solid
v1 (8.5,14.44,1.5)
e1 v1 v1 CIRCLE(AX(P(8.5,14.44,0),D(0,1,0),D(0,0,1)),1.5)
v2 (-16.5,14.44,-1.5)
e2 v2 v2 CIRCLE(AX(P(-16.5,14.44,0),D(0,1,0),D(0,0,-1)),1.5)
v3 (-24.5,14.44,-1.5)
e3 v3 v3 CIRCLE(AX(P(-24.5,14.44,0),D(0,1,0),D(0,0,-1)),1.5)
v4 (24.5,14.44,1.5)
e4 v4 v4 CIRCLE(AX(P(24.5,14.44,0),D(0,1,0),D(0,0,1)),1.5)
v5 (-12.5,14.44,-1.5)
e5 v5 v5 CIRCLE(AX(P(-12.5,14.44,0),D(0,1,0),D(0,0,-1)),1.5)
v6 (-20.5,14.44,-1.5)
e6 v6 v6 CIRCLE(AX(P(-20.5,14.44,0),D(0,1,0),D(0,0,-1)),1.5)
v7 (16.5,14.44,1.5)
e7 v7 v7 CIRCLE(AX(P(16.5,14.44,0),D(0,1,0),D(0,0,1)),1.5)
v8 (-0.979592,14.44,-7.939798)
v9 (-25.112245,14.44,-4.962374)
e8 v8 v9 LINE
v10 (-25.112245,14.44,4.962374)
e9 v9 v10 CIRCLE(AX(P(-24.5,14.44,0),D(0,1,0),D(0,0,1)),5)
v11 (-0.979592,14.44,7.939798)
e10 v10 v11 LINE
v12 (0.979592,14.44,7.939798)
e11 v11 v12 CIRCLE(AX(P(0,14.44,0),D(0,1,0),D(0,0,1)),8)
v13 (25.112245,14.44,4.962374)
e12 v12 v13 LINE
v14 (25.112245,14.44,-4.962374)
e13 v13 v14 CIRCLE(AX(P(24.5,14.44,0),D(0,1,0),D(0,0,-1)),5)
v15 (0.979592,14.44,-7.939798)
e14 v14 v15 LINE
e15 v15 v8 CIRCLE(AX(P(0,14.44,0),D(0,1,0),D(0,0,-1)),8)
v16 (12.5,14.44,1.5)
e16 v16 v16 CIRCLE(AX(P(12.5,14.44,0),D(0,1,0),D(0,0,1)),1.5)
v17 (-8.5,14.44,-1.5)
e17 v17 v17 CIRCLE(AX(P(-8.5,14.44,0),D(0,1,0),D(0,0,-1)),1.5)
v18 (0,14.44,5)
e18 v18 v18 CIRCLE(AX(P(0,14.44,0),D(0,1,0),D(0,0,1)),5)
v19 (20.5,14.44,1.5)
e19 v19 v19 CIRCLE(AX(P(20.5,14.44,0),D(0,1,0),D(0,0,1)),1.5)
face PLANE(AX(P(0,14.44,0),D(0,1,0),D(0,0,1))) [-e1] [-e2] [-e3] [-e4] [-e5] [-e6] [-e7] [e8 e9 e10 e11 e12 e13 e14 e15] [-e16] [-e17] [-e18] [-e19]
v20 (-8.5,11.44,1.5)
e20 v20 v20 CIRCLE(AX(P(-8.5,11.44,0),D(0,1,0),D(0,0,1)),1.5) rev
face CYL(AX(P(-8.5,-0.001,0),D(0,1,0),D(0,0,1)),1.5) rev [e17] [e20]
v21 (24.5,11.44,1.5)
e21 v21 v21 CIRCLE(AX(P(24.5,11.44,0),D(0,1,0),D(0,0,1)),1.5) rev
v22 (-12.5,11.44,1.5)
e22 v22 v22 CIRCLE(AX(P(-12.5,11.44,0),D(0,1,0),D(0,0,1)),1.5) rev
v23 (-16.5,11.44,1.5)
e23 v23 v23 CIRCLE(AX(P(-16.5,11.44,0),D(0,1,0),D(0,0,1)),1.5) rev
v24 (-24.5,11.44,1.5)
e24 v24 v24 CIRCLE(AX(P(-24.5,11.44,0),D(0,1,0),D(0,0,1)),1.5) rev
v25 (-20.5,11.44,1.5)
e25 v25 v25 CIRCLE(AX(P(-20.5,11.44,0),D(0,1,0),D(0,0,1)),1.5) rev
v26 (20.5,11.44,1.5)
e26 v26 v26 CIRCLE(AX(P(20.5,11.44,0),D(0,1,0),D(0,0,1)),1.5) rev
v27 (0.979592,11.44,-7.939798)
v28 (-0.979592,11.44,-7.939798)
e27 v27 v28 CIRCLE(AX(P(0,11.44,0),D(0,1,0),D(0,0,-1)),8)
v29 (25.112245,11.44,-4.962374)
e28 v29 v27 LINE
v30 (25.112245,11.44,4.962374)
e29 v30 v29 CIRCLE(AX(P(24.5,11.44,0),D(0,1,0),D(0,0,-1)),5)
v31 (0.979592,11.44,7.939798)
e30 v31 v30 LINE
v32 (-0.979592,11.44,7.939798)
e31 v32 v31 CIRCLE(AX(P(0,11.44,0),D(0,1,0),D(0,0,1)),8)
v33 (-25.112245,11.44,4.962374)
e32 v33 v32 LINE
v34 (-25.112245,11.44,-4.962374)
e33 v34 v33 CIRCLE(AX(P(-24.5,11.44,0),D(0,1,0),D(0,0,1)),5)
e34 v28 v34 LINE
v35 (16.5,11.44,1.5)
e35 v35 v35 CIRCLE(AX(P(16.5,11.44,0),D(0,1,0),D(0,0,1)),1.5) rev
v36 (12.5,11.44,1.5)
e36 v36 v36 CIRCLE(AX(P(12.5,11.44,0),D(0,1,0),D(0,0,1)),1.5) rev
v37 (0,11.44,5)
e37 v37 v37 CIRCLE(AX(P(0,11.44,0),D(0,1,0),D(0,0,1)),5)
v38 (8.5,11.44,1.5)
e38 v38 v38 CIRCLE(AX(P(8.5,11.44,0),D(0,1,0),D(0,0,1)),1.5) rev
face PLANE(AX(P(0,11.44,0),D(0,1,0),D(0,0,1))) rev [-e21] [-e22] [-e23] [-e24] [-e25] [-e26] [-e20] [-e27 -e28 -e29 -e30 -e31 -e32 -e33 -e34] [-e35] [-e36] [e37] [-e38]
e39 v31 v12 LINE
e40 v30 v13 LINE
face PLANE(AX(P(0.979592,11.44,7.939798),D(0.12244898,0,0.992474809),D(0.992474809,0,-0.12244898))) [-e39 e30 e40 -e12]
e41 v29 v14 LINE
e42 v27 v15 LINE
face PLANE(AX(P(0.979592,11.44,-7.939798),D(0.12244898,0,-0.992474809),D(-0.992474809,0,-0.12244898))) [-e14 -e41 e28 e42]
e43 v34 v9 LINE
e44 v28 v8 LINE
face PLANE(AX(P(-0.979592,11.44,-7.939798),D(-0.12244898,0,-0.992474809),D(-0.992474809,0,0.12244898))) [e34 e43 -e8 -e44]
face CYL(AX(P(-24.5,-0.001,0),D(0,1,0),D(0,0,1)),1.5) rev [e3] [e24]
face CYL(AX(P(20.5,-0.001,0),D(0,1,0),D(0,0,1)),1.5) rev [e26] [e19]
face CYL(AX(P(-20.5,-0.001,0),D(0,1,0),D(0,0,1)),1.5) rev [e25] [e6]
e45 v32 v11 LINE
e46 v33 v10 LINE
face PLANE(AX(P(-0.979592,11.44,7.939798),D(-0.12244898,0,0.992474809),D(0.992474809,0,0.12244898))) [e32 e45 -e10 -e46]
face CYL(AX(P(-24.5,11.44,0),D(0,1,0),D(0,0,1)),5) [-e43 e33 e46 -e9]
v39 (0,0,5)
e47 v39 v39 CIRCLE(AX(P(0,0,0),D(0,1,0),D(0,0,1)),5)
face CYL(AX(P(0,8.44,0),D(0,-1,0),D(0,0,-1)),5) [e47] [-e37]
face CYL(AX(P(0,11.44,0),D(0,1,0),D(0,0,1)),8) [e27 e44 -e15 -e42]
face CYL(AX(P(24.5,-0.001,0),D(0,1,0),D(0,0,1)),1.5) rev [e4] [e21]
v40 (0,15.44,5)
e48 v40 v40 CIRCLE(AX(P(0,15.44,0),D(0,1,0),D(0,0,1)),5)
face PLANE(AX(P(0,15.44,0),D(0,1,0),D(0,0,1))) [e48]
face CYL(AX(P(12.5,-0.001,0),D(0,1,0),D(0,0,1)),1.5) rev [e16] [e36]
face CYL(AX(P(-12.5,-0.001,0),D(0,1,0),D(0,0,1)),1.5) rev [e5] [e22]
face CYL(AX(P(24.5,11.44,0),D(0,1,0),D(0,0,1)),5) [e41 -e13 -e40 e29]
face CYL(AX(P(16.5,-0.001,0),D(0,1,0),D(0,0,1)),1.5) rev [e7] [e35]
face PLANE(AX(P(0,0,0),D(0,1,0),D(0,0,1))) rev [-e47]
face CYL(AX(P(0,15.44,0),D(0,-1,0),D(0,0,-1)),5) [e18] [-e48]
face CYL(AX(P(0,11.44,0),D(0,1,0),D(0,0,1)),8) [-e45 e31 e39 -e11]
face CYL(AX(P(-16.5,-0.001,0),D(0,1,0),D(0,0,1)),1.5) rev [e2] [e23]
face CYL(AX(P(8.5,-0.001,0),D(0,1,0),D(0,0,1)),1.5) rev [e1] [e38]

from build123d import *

# Parameters (mm, degrees)
SKETCH2_R           = 5
BOSS_EXTRUDE1_DEPTH = 8.44
SKETCH3_R           = 5
BOSS_EXTRUDE2_DEPTH = 6
BOSS_EXTRUDE3_DEPTH = 3
CUT_EXTRUDE1_REACH  = 35.805
SKETCH5_R           = 1.5
SKETCH6_R           = 5
BOSS_EXTRUDE4_DEPTH = 1


with BuildPart() as part:
    # Sketch2 → Boss-Extrude1 (new body)
    with BuildSketch(Plane(origin=(0, 0, 0), x_dir=(1, 0, 0), z_dir=(0, 1, 0))):
        with Locations(Location((0, 0, 0), (0, 0, 270))):
            Circle(SKETCH2_R)
    extrude(amount=BOSS_EXTRUDE1_DEPTH)

    # Sketch3 → Boss-Extrude2 (add)
    with BuildSketch(Plane(origin=(0, 8.44, 0), x_dir=(1, 0, 0), z_dir=(0, 1, 0))):
        with Locations(Location((0, 0, 0), (0, 0, 270))):
            Circle(SKETCH3_R)
    extrude(amount=BOSS_EXTRUDE2_DEPTH)

    # Sketch4 → Boss-Extrude3 (add)
    with BuildSketch(Plane(origin=(0, 14.44, 0), x_dir=(1, 0, 0), z_dir=(0, 1, 0))):
        with BuildLine():
            Line((-0.979591837, -7.939798476), (-25.112244898, -4.962374047))
            ThreePointArc((-25.112244898, -4.962374047), (-29.5, 0), (-25.112244898, 4.962374047))
            Line((-25.112244898, 4.962374047), (-0.979591837, 7.939798476))
            ThreePointArc((-0.979591837, 7.939798476), (0, 8), (0.979591837, 7.939798476))
            Line((0.979591837, 7.939798476), (25.112244898, 4.962374047))
            ThreePointArc((25.112244898, 4.962374047), (29.5, 0), (25.112244898, -4.962374047))
            Line((25.112244898, -4.962374047), (0.979591837, -7.939798476))
            ThreePointArc((0.979591837, -7.939798476), (0, -8), (-0.979591837, -7.939798476))
        make_face()
    extrude(amount=-BOSS_EXTRUDE3_DEPTH)

    # Sketch5 → Cut-Extrude1 (cut, up to next)
    with BuildSketch(Plane(origin=(0, 14.44, 0), x_dir=(1, 0, 0), z_dir=(0, 1, 0)), mode=Mode.PRIVATE) as cut_extrude1_sk1:
        with Locations(Location((24.5, 0, 0), (0, 0, 270))):
            Circle(SKETCH5_R)
    cut_extrude1_tool1 = extrude(cut_extrude1_sk1.sketch, amount=-CUT_EXTRUDE1_REACH, mode=Mode.PRIVATE) & part.part
    # Sketch5 → Cut-Extrude1 (cut, up to next)
    with BuildSketch(Plane(origin=(0, 14.44, 0), x_dir=(1, 0, 0), z_dir=(0, 1, 0)), mode=Mode.PRIVATE) as cut_extrude1_sk2:
        with Locations(Location((20.5, 0, 0), (0, 0, 270))):
            Circle(SKETCH5_R)
    cut_extrude1_tool2 = extrude(cut_extrude1_sk2.sketch, amount=-CUT_EXTRUDE1_REACH, mode=Mode.PRIVATE) & part.part
    # Sketch5 → Cut-Extrude1 (cut, up to next)
    with BuildSketch(Plane(origin=(0, 14.44, 0), x_dir=(1, 0, 0), z_dir=(0, 1, 0)), mode=Mode.PRIVATE) as cut_extrude1_sk3:
        with Locations(Location((16.5, 0, 0), (0, 0, 270))):
            Circle(SKETCH5_R)
    cut_extrude1_tool3 = extrude(cut_extrude1_sk3.sketch, amount=-CUT_EXTRUDE1_REACH, mode=Mode.PRIVATE) & part.part
    # Sketch5 → Cut-Extrude1 (cut, up to next)
    with BuildSketch(Plane(origin=(0, 14.44, 0), x_dir=(1, 0, 0), z_dir=(0, 1, 0)), mode=Mode.PRIVATE) as cut_extrude1_sk4:
        with Locations(Location((12.5, 0, 0), (0, 0, 270))):
            Circle(SKETCH5_R)
    cut_extrude1_tool4 = extrude(cut_extrude1_sk4.sketch, amount=-CUT_EXTRUDE1_REACH, mode=Mode.PRIVATE) & part.part
    # Sketch5 → Cut-Extrude1 (cut, up to next)
    with BuildSketch(Plane(origin=(0, 14.44, 0), x_dir=(1, 0, 0), z_dir=(0, 1, 0)), mode=Mode.PRIVATE) as cut_extrude1_sk5:
        with Locations(Location((8.5, 0, 0), (0, 0, 270))):
            Circle(SKETCH5_R)
    cut_extrude1_tool5 = extrude(cut_extrude1_sk5.sketch, amount=-CUT_EXTRUDE1_REACH, mode=Mode.PRIVATE) & part.part
    # Sketch5 → Cut-Extrude1 (cut, up to next)
    with BuildSketch(Plane(origin=(0, 14.44, 0), x_dir=(1, 0, 0), z_dir=(0, 1, 0)), mode=Mode.PRIVATE) as cut_extrude1_sk6:
        with Locations(Location((-24.5, 0, 0), (0, 0, 270))):
            Circle(SKETCH5_R)
    cut_extrude1_tool6 = extrude(cut_extrude1_sk6.sketch, amount=-CUT_EXTRUDE1_REACH, mode=Mode.PRIVATE) & part.part
    # Sketch5 → Cut-Extrude1 (cut, up to next)
    with BuildSketch(Plane(origin=(0, 14.44, 0), x_dir=(1, 0, 0), z_dir=(0, 1, 0)), mode=Mode.PRIVATE) as cut_extrude1_sk7:
        with Locations(Location((-8.5, 0, 0), (0, 0, 270))):
            Circle(SKETCH5_R)
    cut_extrude1_tool7 = extrude(cut_extrude1_sk7.sketch, amount=-CUT_EXTRUDE1_REACH, mode=Mode.PRIVATE) & part.part
    # Sketch5 → Cut-Extrude1 (cut, up to next)
    with BuildSketch(Plane(origin=(0, 14.44, 0), x_dir=(1, 0, 0), z_dir=(0, 1, 0)), mode=Mode.PRIVATE) as cut_extrude1_sk8:
        with Locations(Location((-12.5, 0, 0), (0, 0, 270))):
            Circle(SKETCH5_R)
    cut_extrude1_tool8 = extrude(cut_extrude1_sk8.sketch, amount=-CUT_EXTRUDE1_REACH, mode=Mode.PRIVATE) & part.part
    # Sketch5 → Cut-Extrude1 (cut, up to next)
    with BuildSketch(Plane(origin=(0, 14.44, 0), x_dir=(1, 0, 0), z_dir=(0, 1, 0)), mode=Mode.PRIVATE) as cut_extrude1_sk9:
        with Locations(Location((-16.5, 0, 0), (0, 0, 270))):
            Circle(SKETCH5_R)
    cut_extrude1_tool9 = extrude(cut_extrude1_sk9.sketch, amount=-CUT_EXTRUDE1_REACH, mode=Mode.PRIVATE) & part.part
    # Sketch5 → Cut-Extrude1 (cut, up to next)
    with BuildSketch(Plane(origin=(0, 14.44, 0), x_dir=(1, 0, 0), z_dir=(0, 1, 0)), mode=Mode.PRIVATE) as cut_extrude1_sk10:
        with Locations(Location((-20.5, 0, 0), (0, 0, 270))):
            Circle(SKETCH5_R)
    cut_extrude1_tool10 = extrude(cut_extrude1_sk10.sketch, amount=-CUT_EXTRUDE1_REACH, mode=Mode.PRIVATE) & part.part
    add(cut_extrude1_tool1.solids().sort_by_distance((24.5, 14.44, 0))[0], mode=Mode.SUBTRACT)
    add(cut_extrude1_tool2.solids().sort_by_distance((20.5, 14.44, 0))[0], mode=Mode.SUBTRACT)
    add(cut_extrude1_tool3.solids().sort_by_distance((16.5, 14.44, 0))[0], mode=Mode.SUBTRACT)
    add(cut_extrude1_tool4.solids().sort_by_distance((12.5, 14.44, 0))[0], mode=Mode.SUBTRACT)
    add(cut_extrude1_tool5.solids().sort_by_distance((8.5, 14.44, 0))[0], mode=Mode.SUBTRACT)
    add(cut_extrude1_tool6.solids().sort_by_distance((-24.5, 14.44, 0))[0], mode=Mode.SUBTRACT)
    add(cut_extrude1_tool7.solids().sort_by_distance((-8.5, 14.44, 0))[0], mode=Mode.SUBTRACT)
    add(cut_extrude1_tool8.solids().sort_by_distance((-12.5, 14.44, 0))[0], mode=Mode.SUBTRACT)
    add(cut_extrude1_tool9.solids().sort_by_distance((-16.5, 14.44, 0))[0], mode=Mode.SUBTRACT)
    add(cut_extrude1_tool10.solids().sort_by_distance((-20.5, 14.44, 0))[0], mode=Mode.SUBTRACT)

    # Sketch6 → Boss-Extrude4 (add)
    with BuildSketch(Plane(origin=(0, 14.44, 0), x_dir=(1, 0, 0), z_dir=(0, 1, 0))):
        with Locations(Location((0, 0, 0), (0, 0, 270))):
            Circle(SKETCH6_R)
    extrude(amount=BOSS_EXTRUDE4_DEPTH)


solid = part.part
